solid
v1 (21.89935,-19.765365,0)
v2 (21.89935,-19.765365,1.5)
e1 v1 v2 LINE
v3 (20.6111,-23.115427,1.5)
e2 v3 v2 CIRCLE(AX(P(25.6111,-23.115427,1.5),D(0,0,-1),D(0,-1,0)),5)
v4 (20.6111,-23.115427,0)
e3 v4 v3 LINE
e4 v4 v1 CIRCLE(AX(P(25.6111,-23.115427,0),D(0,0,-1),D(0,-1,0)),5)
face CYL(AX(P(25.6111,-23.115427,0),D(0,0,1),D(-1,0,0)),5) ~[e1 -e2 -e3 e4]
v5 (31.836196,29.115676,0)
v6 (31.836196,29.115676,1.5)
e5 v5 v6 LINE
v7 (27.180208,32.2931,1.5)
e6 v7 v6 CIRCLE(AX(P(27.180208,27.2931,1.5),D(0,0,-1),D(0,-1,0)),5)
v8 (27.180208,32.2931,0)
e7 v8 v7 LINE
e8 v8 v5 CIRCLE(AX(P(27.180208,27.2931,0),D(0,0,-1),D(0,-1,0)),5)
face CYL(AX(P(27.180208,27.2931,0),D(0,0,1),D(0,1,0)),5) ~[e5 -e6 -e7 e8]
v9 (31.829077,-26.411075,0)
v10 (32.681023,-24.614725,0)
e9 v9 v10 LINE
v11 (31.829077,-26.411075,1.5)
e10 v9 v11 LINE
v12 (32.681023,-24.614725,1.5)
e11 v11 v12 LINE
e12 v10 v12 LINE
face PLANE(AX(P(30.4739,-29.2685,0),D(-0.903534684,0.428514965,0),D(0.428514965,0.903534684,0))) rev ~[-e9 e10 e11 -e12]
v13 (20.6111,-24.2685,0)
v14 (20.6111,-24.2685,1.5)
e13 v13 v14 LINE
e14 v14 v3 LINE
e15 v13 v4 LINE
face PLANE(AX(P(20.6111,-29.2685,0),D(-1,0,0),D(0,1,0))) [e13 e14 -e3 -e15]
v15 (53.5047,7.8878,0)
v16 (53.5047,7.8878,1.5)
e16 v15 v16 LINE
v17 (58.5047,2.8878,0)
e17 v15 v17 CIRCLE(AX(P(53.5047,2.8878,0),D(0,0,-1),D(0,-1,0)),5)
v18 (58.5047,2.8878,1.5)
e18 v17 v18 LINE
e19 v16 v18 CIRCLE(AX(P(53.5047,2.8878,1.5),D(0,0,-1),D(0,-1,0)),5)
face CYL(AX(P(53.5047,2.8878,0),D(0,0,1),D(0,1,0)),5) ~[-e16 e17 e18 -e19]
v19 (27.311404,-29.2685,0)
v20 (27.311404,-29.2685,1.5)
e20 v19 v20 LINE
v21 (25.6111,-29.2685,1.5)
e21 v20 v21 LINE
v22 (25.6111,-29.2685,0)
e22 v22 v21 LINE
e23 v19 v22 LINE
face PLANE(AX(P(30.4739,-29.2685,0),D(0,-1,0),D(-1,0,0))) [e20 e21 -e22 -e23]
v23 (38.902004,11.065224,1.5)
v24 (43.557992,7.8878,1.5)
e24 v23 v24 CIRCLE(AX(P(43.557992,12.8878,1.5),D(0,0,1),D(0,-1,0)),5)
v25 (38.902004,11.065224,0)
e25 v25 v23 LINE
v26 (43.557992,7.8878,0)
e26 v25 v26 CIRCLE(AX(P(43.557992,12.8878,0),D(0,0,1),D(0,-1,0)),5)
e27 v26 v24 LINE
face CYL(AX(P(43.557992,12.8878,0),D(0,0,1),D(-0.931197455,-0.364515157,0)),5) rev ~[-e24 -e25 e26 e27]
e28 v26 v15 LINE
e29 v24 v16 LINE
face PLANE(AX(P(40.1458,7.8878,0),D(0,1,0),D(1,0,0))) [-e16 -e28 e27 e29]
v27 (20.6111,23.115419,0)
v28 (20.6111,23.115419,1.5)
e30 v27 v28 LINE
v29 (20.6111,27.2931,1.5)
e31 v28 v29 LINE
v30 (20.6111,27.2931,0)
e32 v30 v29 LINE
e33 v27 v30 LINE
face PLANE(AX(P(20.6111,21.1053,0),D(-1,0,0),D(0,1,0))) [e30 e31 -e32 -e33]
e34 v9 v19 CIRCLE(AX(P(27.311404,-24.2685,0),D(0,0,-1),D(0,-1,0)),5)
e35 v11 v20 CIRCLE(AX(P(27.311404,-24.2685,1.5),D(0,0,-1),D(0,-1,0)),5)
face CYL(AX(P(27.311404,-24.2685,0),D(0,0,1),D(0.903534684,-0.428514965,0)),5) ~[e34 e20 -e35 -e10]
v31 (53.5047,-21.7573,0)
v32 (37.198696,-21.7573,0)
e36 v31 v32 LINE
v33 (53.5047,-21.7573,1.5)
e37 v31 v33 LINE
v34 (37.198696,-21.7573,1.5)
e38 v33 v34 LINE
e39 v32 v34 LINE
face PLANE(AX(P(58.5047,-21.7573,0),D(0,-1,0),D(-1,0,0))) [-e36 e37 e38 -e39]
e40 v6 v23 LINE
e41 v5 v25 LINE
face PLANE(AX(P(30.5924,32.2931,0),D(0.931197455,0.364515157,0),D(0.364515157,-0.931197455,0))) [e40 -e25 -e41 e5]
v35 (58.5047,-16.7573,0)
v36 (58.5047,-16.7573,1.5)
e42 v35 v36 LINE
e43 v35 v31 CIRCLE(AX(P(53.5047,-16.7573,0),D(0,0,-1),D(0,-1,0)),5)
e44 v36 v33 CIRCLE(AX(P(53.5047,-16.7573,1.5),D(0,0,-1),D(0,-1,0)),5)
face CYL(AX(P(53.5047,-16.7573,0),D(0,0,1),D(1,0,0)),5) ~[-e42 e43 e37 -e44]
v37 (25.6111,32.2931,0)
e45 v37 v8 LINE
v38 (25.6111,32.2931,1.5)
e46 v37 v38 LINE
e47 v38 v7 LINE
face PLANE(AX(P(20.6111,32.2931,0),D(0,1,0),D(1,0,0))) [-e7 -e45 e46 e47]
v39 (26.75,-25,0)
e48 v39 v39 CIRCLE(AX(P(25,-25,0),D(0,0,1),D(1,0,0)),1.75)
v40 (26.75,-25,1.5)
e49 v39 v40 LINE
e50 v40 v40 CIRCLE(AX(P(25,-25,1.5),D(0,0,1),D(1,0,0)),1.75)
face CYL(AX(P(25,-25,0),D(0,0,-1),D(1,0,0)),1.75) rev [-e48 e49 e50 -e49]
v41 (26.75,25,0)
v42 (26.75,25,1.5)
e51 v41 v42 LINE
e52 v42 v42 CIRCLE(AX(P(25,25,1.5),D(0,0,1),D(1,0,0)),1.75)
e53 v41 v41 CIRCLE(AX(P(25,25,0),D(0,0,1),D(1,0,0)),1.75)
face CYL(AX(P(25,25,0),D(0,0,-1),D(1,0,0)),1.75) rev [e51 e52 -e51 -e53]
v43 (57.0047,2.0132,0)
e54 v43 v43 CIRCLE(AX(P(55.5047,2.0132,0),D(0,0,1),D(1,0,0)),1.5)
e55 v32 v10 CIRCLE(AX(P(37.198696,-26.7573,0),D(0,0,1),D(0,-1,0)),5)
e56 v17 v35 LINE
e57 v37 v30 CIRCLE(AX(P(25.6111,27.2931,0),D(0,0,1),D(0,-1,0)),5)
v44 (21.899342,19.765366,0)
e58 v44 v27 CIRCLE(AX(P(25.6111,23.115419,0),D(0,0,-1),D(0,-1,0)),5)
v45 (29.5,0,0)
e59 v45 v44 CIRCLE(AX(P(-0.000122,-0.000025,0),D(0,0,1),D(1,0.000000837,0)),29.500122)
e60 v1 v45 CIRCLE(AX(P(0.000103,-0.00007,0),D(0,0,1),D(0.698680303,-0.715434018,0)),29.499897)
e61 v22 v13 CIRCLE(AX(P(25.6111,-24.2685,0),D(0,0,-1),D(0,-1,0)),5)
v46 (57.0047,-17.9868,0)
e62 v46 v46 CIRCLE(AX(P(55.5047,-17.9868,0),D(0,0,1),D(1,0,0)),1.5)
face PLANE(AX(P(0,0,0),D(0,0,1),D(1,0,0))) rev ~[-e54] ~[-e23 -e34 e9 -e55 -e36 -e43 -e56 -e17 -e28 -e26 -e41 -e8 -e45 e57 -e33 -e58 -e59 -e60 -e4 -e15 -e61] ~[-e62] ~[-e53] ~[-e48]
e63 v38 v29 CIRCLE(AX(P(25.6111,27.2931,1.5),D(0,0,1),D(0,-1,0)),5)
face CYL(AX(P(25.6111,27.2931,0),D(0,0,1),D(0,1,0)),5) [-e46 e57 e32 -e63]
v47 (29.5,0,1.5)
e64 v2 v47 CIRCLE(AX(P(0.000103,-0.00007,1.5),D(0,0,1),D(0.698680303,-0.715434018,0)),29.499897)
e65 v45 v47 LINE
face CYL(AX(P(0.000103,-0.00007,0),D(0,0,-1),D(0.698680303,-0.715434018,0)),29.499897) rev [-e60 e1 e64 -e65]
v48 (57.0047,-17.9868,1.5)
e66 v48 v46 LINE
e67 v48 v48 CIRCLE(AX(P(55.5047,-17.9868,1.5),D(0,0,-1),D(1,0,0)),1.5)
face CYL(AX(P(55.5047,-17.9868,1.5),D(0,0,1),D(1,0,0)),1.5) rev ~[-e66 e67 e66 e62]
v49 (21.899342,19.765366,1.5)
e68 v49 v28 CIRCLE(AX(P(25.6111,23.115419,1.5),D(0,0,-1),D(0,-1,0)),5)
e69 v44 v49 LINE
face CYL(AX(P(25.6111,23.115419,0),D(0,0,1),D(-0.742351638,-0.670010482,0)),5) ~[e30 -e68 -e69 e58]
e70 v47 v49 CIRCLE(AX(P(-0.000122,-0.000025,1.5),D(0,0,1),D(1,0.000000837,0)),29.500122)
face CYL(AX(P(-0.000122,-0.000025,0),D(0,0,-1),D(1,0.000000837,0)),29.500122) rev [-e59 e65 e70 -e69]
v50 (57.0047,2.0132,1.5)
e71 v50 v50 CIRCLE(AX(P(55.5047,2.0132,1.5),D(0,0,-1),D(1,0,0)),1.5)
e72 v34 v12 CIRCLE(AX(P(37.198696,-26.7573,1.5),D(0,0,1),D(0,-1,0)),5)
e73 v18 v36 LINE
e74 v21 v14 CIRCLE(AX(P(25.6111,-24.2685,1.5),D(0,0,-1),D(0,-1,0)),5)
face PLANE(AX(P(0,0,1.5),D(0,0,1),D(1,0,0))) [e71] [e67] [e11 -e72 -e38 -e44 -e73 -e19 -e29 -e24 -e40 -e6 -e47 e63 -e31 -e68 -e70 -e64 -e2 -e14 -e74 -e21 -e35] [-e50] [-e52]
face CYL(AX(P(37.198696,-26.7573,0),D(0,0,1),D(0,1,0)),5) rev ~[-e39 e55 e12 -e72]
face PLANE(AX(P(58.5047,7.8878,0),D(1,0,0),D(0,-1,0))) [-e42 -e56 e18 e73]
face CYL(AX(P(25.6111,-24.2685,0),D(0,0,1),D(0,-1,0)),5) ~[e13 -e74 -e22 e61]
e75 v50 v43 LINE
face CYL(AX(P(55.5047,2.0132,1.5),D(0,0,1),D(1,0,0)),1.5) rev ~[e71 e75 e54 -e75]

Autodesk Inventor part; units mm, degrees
ref_plane "YZ Plane" through (0, 0, 0) normal (1, 0, 0) x (0, 1, 0)
ref_plane "XZ Plane" through (0, 0, 0) normal (0, 1, 0) x (-1, 0, 0)
ref_plane "XY Plane" through (0, 0, 0) normal (0, 0, 1) x (1, 0, 0)
sketch "Эскиз1" plane through (0, 0, 0) normal (0, 0, 1) x (1, 0, 0)
  circle A0 centre (25, -25) radius 1.75
  circle A1 centre (25, 25) radius 1.75
  line L0 (20.6111, 32.2931) -> (30.5924, 32.2931)
  line L1 (30.4739, -29.2685) -> (20.6111, -29.2685)
  line L2 (40.1458, 7.8878) -> (58.5047, 7.8878)
  line L3 (58.5047, 7.8878) -> (58.5047, -21.7573)
  line L4 (58.5047, -21.7573) -> (34.0362, -21.7573)
  arc A2 (29.5, 0) -> (20.6111, 21.1053) centre (0, 0) ccw
  arc A3 (20.6111, -21.1053) -> (29.5, 0) centre (0, 0) ccw
  line L5 (30.5924, 32.2931) -> (40.1458, 7.8878)
  line L6 (30.4739, -29.2685) -> (34.0362, -21.7573)
  line L7 (20.6111, -29.2685) -> (20.6111, -21.1053)
  line L8 (20.6111, 21.1053) -> (20.6111, 32.2931)
  line L9 (25, 25) -> (25, -25) construction
  line L10 (25, 0) -> (58.5047, 0) construction
  dimension "d10" = 25
  dimension "d11" = 25
extrude "Выдавливание1" add sketch "Эскиз1" along normal blind 1.5
fillet "Сопряжение1" radius 5 10 edges at (20.6111, -29.2685, 0.75) (20.6111, 32.2931, 0.75) (20.6111, -21.1053, 0.75) (20.6111, 21.1053, 0.75) (30.5924, 32.2931, 0.75) (40.1458, 7.8878, 0.75) (34.0362, -21.7573, 0.75) (58.5047, -21.7573, 0.75) (58.5047, 7.8878, 0.75) (30.4739, -29.2685, 0.75)
sketch "Эскиз2" plane through (0, 0, 1.5) normal (0, 0, 1) x (1, 0, 0)
  line L0 (55.5047, 2.0132) -> (55.5047, -17.9868)
  line L1 (55.5047, -17.9868) -> (55.5047, 2.0132)
  circle A0 centre (55.5047, 2.0132) radius 1.5
  circle A1 centre (55.5047, -17.9868) radius 1.5
  line L2 (58.5047, 2.8878) -> (58.5047, -16.7573) projected
  line L3 (58.5047, -16.7573) -> (58.5047, 2.8878) projected
  line L4 (58.5047, -7.9868) -> (55.5047, -7.9868)
  point P0 (0, 0)
  dimension "d4" = 3
  dimension "d5" = 3
  dimension "d6" = 3
  dimension "d7" = 20
extrude "Выдавливание2" cut sketch "Эскиз2" against normal blind 1.5
properties part number "крепление вентилятора1"
